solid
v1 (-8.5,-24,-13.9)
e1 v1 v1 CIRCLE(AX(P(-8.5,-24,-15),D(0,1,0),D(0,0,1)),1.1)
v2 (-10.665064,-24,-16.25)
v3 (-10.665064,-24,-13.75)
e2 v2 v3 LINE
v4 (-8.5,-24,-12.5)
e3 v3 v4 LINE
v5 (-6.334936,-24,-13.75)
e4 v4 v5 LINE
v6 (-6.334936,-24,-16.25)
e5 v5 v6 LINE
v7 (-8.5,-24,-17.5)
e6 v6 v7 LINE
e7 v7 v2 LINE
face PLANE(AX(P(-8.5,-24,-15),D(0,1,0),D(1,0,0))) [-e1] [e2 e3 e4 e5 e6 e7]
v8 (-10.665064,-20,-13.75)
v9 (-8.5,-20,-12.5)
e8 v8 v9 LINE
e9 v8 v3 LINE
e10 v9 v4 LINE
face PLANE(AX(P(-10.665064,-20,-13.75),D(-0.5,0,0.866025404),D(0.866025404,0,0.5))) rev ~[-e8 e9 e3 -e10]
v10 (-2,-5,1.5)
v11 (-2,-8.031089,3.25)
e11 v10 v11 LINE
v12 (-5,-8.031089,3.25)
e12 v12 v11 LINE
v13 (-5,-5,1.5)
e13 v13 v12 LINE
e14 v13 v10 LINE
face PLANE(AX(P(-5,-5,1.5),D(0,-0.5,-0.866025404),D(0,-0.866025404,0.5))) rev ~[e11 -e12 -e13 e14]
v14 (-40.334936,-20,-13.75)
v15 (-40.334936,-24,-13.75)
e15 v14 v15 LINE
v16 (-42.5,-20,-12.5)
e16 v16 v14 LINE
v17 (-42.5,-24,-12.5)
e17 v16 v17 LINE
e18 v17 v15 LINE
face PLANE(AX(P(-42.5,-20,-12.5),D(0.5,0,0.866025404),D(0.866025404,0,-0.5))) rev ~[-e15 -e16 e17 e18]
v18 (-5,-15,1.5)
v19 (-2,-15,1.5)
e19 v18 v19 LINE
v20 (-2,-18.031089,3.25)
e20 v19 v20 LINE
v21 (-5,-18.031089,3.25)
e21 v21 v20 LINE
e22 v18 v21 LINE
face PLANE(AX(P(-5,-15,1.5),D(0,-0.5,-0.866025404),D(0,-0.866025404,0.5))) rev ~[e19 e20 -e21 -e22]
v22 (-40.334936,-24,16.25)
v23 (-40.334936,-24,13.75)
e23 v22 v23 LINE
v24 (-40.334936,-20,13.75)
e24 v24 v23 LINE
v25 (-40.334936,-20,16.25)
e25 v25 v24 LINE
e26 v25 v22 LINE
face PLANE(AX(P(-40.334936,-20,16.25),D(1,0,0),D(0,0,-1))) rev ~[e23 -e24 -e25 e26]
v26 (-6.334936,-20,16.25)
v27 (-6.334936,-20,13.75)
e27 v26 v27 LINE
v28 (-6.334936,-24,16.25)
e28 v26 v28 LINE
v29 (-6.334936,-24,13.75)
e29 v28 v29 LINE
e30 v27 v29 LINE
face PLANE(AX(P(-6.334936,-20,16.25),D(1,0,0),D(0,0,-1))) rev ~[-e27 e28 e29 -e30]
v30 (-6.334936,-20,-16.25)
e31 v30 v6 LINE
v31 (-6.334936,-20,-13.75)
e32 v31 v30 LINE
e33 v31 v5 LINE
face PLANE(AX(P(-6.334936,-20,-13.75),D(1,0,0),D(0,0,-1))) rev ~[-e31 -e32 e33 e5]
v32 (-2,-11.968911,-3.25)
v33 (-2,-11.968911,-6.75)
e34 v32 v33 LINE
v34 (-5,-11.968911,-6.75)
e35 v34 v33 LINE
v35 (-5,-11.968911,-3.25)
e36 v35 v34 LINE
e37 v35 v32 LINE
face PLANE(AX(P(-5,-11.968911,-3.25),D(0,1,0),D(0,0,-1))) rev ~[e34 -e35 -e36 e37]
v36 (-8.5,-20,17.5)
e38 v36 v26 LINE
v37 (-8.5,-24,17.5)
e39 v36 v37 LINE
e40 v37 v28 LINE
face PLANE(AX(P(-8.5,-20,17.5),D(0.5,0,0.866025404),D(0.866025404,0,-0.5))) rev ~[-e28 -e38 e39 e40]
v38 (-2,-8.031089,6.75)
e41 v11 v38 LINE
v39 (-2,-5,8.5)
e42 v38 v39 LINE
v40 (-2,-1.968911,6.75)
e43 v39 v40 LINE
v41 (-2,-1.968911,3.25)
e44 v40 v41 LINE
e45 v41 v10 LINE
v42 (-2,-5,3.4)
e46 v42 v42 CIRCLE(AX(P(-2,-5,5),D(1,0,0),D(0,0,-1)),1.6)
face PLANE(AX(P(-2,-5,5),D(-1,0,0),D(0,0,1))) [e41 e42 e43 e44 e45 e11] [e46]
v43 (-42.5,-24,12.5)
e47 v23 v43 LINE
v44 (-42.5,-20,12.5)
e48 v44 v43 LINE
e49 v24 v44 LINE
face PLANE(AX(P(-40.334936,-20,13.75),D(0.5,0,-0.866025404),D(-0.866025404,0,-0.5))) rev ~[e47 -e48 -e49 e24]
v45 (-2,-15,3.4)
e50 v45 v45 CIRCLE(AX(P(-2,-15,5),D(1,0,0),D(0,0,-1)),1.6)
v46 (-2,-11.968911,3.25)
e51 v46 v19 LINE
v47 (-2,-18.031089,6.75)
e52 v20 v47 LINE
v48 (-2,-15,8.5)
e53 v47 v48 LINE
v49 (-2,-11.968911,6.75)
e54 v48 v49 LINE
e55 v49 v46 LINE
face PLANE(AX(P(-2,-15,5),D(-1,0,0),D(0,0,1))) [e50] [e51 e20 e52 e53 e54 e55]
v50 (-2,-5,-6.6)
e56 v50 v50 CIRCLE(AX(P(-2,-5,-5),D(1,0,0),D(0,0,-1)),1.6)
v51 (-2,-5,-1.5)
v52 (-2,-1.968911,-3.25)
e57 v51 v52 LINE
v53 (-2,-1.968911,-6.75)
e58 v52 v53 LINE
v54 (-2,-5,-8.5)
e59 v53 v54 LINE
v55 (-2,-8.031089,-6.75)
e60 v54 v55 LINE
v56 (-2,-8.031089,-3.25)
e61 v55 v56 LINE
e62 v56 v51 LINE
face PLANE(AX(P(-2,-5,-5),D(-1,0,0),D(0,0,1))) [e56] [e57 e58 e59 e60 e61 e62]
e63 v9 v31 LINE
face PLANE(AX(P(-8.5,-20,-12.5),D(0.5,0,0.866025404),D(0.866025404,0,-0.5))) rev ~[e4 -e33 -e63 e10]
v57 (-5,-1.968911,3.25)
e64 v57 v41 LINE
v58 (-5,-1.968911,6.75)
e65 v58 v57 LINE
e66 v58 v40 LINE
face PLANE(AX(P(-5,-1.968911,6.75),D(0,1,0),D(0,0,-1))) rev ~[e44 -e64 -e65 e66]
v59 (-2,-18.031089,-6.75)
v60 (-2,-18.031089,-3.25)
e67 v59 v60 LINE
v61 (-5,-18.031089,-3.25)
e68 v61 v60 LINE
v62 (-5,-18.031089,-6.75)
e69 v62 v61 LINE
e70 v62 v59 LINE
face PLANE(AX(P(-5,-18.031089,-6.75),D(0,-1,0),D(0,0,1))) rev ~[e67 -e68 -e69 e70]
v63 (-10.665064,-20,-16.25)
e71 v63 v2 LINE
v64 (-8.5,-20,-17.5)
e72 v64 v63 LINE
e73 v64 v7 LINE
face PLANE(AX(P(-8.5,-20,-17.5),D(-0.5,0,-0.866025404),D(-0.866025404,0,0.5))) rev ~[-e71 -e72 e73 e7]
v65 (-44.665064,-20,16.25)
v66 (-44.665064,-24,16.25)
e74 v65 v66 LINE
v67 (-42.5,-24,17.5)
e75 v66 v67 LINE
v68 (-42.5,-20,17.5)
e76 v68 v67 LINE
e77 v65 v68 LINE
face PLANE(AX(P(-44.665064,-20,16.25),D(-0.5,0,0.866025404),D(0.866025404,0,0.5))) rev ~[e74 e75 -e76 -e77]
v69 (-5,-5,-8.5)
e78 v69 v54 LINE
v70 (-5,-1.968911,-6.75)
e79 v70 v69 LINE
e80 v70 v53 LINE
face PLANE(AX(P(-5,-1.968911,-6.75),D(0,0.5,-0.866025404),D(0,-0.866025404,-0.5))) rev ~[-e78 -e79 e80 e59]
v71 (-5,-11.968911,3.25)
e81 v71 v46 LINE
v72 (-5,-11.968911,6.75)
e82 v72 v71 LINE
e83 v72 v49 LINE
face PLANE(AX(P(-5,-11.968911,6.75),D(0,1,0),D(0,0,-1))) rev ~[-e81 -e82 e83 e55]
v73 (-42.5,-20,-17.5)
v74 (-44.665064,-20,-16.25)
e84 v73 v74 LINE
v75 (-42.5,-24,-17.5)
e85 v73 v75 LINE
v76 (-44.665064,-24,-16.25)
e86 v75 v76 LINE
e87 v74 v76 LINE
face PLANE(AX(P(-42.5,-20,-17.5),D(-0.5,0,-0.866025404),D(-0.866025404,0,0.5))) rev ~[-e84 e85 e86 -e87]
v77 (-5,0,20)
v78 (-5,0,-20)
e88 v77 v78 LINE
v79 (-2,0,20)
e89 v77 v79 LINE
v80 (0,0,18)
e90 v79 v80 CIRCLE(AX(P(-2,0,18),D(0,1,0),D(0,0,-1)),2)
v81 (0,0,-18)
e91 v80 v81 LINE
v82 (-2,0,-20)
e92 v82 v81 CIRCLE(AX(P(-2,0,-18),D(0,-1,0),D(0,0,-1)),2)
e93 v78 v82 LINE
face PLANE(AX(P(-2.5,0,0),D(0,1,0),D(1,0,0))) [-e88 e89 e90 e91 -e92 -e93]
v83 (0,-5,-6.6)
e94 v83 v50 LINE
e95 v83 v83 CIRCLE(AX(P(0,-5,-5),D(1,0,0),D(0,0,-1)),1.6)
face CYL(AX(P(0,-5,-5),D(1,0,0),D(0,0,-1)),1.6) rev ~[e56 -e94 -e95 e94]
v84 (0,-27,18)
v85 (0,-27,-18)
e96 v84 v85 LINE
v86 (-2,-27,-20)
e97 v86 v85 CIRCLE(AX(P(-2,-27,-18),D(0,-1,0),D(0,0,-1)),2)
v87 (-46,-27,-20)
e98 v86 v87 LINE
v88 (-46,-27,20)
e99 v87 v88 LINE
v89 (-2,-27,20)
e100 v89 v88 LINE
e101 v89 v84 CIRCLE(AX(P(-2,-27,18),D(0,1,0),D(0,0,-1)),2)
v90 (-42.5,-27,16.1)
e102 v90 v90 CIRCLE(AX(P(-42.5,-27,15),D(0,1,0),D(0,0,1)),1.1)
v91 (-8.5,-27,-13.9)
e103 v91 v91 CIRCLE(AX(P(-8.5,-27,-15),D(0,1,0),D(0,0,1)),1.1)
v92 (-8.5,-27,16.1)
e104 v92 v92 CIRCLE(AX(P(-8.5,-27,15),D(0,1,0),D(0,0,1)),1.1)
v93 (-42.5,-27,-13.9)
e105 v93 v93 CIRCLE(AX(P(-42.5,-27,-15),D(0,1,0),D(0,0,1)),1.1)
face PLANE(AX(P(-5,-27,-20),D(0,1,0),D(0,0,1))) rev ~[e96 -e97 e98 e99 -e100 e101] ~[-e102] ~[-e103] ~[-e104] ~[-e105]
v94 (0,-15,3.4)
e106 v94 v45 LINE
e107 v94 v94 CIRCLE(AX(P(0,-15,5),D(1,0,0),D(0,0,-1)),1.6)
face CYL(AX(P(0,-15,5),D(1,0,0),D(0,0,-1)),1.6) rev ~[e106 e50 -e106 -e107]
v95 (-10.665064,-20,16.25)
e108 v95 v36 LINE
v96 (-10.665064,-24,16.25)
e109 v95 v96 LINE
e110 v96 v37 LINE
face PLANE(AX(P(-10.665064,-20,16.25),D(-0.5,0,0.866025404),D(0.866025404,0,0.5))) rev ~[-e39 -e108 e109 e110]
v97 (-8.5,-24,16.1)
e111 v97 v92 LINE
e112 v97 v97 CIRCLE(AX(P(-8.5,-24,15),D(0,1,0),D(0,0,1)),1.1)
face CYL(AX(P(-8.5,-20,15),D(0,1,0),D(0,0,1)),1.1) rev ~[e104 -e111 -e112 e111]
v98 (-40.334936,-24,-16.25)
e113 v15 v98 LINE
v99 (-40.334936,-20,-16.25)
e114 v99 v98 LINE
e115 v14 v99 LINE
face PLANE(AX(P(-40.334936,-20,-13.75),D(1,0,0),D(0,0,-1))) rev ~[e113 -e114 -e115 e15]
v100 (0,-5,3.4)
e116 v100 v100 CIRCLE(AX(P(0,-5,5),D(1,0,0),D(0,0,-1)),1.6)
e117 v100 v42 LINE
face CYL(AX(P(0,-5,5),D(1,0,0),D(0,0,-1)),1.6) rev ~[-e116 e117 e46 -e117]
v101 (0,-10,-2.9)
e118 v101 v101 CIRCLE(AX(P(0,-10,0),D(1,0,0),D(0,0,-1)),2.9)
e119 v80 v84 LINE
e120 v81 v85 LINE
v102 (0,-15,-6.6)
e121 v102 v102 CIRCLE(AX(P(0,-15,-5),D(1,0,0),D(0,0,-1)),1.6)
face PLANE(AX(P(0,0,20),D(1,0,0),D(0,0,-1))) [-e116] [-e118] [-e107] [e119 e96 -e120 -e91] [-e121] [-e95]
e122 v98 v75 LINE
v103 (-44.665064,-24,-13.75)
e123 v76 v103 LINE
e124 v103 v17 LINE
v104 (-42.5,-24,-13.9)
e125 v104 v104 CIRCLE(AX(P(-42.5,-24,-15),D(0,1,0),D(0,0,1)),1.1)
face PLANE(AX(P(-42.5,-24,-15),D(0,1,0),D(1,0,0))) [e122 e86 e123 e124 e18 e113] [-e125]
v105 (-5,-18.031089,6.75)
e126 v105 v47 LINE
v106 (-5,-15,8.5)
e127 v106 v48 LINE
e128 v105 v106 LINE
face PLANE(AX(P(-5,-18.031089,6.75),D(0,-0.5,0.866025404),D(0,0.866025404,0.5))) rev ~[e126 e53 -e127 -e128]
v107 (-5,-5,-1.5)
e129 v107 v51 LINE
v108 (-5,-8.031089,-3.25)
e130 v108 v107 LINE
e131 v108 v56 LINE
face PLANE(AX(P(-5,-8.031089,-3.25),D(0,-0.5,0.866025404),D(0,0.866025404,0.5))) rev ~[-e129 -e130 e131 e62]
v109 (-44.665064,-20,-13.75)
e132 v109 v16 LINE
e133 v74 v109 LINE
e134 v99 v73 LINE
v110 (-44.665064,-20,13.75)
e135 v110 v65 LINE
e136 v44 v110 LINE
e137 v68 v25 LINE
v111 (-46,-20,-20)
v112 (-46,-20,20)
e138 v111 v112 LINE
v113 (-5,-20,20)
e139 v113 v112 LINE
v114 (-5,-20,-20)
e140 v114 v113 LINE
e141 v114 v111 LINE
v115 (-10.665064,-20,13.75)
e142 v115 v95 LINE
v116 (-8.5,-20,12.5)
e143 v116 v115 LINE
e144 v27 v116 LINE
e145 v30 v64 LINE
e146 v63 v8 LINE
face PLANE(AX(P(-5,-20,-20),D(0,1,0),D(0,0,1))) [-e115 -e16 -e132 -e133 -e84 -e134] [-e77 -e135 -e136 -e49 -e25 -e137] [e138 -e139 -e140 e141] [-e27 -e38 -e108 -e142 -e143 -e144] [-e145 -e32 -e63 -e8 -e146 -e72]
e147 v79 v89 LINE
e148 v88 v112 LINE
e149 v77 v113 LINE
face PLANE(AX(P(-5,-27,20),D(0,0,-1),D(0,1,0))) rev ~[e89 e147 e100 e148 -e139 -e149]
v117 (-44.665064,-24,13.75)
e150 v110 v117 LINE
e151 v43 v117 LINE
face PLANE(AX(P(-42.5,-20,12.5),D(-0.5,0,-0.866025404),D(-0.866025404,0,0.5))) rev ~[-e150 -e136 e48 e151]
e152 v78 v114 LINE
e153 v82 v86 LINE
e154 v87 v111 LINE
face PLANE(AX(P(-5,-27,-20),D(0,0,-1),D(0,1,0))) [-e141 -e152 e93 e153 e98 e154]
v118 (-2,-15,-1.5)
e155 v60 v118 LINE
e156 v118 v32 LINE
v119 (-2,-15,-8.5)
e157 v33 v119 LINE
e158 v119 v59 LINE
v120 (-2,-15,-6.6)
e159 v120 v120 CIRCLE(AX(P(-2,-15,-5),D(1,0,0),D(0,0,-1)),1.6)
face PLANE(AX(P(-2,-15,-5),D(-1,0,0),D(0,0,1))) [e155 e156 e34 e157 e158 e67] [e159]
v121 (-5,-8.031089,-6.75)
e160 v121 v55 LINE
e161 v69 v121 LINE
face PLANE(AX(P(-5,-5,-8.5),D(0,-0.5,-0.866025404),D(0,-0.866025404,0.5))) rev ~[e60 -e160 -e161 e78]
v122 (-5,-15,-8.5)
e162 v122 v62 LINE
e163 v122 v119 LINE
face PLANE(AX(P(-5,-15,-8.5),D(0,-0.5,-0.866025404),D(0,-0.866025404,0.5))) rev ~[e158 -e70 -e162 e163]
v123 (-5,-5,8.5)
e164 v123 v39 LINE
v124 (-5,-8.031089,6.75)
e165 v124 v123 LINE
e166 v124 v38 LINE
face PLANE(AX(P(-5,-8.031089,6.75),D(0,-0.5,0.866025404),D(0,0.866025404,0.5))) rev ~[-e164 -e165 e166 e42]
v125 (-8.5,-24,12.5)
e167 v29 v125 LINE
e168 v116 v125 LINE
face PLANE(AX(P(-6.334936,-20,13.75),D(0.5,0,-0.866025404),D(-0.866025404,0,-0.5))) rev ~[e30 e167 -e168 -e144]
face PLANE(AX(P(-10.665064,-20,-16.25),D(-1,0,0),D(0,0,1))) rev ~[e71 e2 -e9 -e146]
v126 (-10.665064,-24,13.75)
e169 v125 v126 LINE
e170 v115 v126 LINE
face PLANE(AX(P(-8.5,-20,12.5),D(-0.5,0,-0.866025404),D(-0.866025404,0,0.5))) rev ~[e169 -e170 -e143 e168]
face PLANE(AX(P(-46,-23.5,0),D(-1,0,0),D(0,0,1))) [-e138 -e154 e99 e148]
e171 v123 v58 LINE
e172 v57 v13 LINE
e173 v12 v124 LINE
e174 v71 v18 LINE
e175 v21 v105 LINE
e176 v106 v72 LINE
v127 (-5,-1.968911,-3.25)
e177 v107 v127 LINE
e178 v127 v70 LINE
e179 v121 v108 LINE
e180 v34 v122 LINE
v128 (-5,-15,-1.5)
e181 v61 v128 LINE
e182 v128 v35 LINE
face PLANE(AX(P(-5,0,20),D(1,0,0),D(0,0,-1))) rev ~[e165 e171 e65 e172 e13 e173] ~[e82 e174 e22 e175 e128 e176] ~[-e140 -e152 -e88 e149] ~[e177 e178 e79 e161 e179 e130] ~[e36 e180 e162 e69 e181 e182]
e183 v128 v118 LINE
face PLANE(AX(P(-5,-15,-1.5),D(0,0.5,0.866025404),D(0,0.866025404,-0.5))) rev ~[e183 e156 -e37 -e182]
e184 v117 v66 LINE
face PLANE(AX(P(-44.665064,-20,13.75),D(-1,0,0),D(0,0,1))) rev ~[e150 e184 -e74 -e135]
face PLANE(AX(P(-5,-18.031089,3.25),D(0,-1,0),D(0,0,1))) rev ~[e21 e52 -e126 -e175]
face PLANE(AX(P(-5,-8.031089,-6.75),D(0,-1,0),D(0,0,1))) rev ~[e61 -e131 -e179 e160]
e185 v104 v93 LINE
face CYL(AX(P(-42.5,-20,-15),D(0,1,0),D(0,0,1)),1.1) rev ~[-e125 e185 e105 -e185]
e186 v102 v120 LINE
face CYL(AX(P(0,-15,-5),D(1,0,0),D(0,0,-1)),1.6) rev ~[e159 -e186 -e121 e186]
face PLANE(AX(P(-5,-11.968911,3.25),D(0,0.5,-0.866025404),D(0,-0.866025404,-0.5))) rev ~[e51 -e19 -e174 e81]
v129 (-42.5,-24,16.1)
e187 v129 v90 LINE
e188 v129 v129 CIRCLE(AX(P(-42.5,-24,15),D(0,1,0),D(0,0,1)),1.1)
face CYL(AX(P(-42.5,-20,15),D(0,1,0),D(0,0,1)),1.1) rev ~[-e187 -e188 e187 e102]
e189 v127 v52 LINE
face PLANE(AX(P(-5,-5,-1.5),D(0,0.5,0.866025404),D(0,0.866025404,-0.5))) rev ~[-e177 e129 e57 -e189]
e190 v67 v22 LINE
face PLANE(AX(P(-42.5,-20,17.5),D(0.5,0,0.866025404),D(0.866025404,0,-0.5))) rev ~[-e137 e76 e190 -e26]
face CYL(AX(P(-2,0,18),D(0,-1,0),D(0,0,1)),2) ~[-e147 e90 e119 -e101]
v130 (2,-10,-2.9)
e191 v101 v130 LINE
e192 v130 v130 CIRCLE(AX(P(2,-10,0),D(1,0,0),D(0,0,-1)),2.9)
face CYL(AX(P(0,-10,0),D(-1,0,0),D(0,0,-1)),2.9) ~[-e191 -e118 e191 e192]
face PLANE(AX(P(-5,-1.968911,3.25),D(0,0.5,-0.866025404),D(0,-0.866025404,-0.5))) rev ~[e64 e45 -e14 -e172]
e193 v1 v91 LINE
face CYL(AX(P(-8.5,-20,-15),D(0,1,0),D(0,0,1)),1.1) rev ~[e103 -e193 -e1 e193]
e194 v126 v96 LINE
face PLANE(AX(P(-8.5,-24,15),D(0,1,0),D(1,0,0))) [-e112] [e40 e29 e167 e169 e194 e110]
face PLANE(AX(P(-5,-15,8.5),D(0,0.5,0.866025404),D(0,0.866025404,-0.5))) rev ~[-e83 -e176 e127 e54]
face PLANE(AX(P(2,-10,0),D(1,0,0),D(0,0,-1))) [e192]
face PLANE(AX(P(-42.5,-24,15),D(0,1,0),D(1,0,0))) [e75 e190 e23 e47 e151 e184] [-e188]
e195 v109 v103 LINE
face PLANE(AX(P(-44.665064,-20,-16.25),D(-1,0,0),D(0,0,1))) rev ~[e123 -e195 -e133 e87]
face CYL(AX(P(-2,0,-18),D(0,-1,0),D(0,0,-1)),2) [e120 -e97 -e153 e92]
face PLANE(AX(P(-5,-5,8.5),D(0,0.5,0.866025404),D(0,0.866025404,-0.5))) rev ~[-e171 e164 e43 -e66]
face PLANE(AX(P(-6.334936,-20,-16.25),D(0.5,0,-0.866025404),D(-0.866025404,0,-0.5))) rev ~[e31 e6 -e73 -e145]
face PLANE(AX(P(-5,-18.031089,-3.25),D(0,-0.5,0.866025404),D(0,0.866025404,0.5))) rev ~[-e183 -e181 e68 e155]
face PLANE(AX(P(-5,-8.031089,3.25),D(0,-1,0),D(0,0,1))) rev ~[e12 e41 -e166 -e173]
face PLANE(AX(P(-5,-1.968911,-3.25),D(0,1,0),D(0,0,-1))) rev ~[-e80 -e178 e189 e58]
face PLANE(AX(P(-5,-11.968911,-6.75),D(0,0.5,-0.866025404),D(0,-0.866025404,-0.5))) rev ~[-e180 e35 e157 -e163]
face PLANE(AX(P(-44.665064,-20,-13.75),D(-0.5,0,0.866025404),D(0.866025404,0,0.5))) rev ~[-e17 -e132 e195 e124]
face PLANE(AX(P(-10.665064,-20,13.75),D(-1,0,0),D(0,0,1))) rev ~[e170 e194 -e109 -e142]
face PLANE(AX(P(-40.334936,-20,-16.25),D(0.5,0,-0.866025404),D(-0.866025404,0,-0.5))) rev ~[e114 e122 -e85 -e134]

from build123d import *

# Parameters (mm, degrees)
ESQUISSE1_W             = 5
ESQUISSE1_H             = 40
BOSS_EXTRU_1_DEPTH      = 27
ESQUISSE2_W             = 40
ESQUISSE2_H             = 7
BOSS_EXTRU_2_DEPTH      = 41
CONG_1_R                = 2
ENL_V_MAT_EXTRU_1_REACH = 48
ESQUISSE4_R             = 1.6
ESQUISSE5_R             = 2.9
BOSS_EXTRU_3_DEPTH      = 2
ENL_V_MAT_EXTRU_3_DEPTH = 3
ESQUISSE9_R             = 1.1
ENL_V_MAT_EXTRU_5_DEPTH = 8
ENL_V_MAT_EXTRU_4_DEPTH = 4


with BuildPart() as part:
    # Esquisse1 → Boss.-Extru.1 (new body)
    with BuildSketch(Plane(origin=(0, 0, 0), x_dir=(1, 0, 0), z_dir=(0, 1, 0))):
        with Locations((-2.5, 0)):
            Rectangle(ESQUISSE1_W, ESQUISSE1_H)
    extrude(amount=-BOSS_EXTRU_1_DEPTH)

    # Esquisse2 → Boss.-Extru.2 (add)
    with BuildSketch(Plane.ZY.offset(5)):
        with Locations((0, -23.5)):
            Rectangle(ESQUISSE2_W, ESQUISSE2_H)
    extrude(amount=BOSS_EXTRU_2_DEPTH)

    # Congé1
    cong_1_edges = [part.edges().sort_by_distance(p)[0] for p in [
        (0, -13.5, 20),
        (0, -13.5, -20),
    ]]
    fillet(cong_1_edges, radius=CONG_1_R)

    # Esquisse4 → Enlèv. mat.-Extru.1 (cut, up to next)
    with BuildSketch(Plane(origin=(0, 0, 0), x_dir=(0, 0, -1), z_dir=(1, 0, 0)), mode=Mode.PRIVATE) as enl_v_mat_extru_1_sk1:
        with Locations((-5, -5)):
            Circle(ESQUISSE4_R)
    enl_v_mat_extru_1_tool1 = extrude(enl_v_mat_extru_1_sk1.sketch, amount=-ENL_V_MAT_EXTRU_1_REACH, mode=Mode.PRIVATE) & part.part
    add(enl_v_mat_extru_1_tool1.solids().sort_by_distance((0, -5, 5))[0], mode=Mode.SUBTRACT)
    # Esquisse4 → Enlèv. mat.-Extru.1 (cut, up to next)
    with BuildSketch(Plane(origin=(0, 0, 0), x_dir=(0, 0, -1), z_dir=(1, 0, 0)), mode=Mode.PRIVATE) as enl_v_mat_extru_1_sk2:
        with Locations((5, -5)):
            Circle(ESQUISSE4_R)
    enl_v_mat_extru_1_tool2 = extrude(enl_v_mat_extru_1_sk2.sketch, amount=-ENL_V_MAT_EXTRU_1_REACH, mode=Mode.PRIVATE) & part.part
    add(enl_v_mat_extru_1_tool2.solids().sort_by_distance((0, -5, -5))[0], mode=Mode.SUBTRACT)
    # Esquisse4 → Enlèv. mat.-Extru.1 (cut, up to next)
    with BuildSketch(Plane(origin=(0, 0, 0), x_dir=(0, 0, -1), z_dir=(1, 0, 0)), mode=Mode.PRIVATE) as enl_v_mat_extru_1_sk3:
        with Locations((-5, -15)):
            Circle(ESQUISSE4_R)
    enl_v_mat_extru_1_tool3 = extrude(enl_v_mat_extru_1_sk3.sketch, amount=-ENL_V_MAT_EXTRU_1_REACH, mode=Mode.PRIVATE) & part.part
    add(enl_v_mat_extru_1_tool3.solids().sort_by_distance((0, -15, 5))[0], mode=Mode.SUBTRACT)
    # Esquisse4 → Enlèv. mat.-Extru.1 (cut, up to next)
    with BuildSketch(Plane(origin=(0, 0, 0), x_dir=(0, 0, -1), z_dir=(1, 0, 0)), mode=Mode.PRIVATE) as enl_v_mat_extru_1_sk4:
        with Locations((5, -15)):
            Circle(ESQUISSE4_R)
    enl_v_mat_extru_1_tool4 = extrude(enl_v_mat_extru_1_sk4.sketch, amount=-ENL_V_MAT_EXTRU_1_REACH, mode=Mode.PRIVATE) & part.part
    add(enl_v_mat_extru_1_tool4.solids().sort_by_distance((0, -15, -5))[0], mode=Mode.SUBTRACT)

    # Esquisse5 → Boss.-Extru.3 (add)
    with BuildSketch(Plane(origin=(0, 0, 0), x_dir=(0, 0, -1), z_dir=(1, 0, 0))):
        with Locations((0, -10)):
            Circle(ESQUISSE5_R)
    extrude(amount=BOSS_EXTRU_3_DEPTH)

    # Esquisse7 → Enlèv. mat.-Extru.3 (cut)
    with BuildSketch(Plane.ZY.offset(5)):
        Polygon((-3.25, -8.031088913), (-1.5, -5), (-3.25, -1.968911087), (-6.75, -1.968911087), (-8.5, -5), (-6.75, -8.031088913), align=None)
        Polygon((3.25, -1.968911087), (1.5, -5), (3.25, -8.031088913), (6.75, -8.031088913), (8.5, -5), (6.75, -1.968911087), align=None)
        Polygon((-3.25, -18.031088913), (-1.5, -15), (-3.25, -11.968911087), (-6.75, -11.968911087), (-8.5, -15), (-6.75, -18.031088913), align=None)
        Polygon((8.5, -15), (6.75, -11.968911087), (3.25, -11.968911087), (1.5, -15), (3.25, -18.031088913), (6.75, -18.031088913), align=None)
    extrude(amount=-ENL_V_MAT_EXTRU_3_DEPTH, mode=Mode.SUBTRACT)

    # Esquisse9 → Enlèv. mat.-Extru.5 (cut, through all)
    with BuildSketch(Plane(origin=(0, -20, 0), x_dir=(1, 0, 0), z_dir=(0, 1, 0))):
        with Locations(Location((-8.5, 15, 0), (0, 0, 270))):  # turned: the seam where the file's is
            Circle(ESQUISSE9_R)
        with Locations(Location((-8.5, -15, 0), (0, 0, 270))):  # turned: the seam where the file's is
            Circle(ESQUISSE9_R)
        with Locations(Location((-42.5, -15, 0), (0, 0, 270))):  # turned: the seam where the file's is
            Circle(ESQUISSE9_R)
        with Locations(Location((-42.5, 15, 0), (0, 0, 270))):  # turned: the seam where the file's is
            Circle(ESQUISSE9_R)
    extrude(amount=-ENL_V_MAT_EXTRU_5_DEPTH, mode=Mode.SUBTRACT)

    # Esquisse8 → Enlèv. mat.-Extru.4 (cut)
    with BuildSketch(Plane(origin=(0, -20, 0), x_dir=(1, 0, 0), z_dir=(0, 1, 0))):
        Polygon((-10.665063509, 13.75), (-8.5, 12.5), (-6.334936491, 13.75), (-6.334936491, 16.25), (-8.5, 17.5), (-10.665063509, 16.25), align=None)
        Polygon((-10.665063509, -16.25), (-8.5, -17.5), (-6.334936491, -16.25), (-6.334936491, -13.75), (-8.5, -12.5), (-10.665063509, -13.75), align=None)
        Polygon((-44.665063509, -16.25), (-42.5, -17.5), (-40.334936491, -16.25), (-40.334936491, -13.75), (-42.5, -12.5), (-44.665063509, -13.75), align=None)
        Polygon((-42.5, 12.5), (-40.334936491, 13.75), (-40.334936491, 16.25), (-42.5, 17.5), (-44.665063509, 16.25), (-44.665063509, 13.75), align=None)
    extrude(amount=-ENL_V_MAT_EXTRU_4_DEPTH, mode=Mode.SUBTRACT)


solid = part.part
